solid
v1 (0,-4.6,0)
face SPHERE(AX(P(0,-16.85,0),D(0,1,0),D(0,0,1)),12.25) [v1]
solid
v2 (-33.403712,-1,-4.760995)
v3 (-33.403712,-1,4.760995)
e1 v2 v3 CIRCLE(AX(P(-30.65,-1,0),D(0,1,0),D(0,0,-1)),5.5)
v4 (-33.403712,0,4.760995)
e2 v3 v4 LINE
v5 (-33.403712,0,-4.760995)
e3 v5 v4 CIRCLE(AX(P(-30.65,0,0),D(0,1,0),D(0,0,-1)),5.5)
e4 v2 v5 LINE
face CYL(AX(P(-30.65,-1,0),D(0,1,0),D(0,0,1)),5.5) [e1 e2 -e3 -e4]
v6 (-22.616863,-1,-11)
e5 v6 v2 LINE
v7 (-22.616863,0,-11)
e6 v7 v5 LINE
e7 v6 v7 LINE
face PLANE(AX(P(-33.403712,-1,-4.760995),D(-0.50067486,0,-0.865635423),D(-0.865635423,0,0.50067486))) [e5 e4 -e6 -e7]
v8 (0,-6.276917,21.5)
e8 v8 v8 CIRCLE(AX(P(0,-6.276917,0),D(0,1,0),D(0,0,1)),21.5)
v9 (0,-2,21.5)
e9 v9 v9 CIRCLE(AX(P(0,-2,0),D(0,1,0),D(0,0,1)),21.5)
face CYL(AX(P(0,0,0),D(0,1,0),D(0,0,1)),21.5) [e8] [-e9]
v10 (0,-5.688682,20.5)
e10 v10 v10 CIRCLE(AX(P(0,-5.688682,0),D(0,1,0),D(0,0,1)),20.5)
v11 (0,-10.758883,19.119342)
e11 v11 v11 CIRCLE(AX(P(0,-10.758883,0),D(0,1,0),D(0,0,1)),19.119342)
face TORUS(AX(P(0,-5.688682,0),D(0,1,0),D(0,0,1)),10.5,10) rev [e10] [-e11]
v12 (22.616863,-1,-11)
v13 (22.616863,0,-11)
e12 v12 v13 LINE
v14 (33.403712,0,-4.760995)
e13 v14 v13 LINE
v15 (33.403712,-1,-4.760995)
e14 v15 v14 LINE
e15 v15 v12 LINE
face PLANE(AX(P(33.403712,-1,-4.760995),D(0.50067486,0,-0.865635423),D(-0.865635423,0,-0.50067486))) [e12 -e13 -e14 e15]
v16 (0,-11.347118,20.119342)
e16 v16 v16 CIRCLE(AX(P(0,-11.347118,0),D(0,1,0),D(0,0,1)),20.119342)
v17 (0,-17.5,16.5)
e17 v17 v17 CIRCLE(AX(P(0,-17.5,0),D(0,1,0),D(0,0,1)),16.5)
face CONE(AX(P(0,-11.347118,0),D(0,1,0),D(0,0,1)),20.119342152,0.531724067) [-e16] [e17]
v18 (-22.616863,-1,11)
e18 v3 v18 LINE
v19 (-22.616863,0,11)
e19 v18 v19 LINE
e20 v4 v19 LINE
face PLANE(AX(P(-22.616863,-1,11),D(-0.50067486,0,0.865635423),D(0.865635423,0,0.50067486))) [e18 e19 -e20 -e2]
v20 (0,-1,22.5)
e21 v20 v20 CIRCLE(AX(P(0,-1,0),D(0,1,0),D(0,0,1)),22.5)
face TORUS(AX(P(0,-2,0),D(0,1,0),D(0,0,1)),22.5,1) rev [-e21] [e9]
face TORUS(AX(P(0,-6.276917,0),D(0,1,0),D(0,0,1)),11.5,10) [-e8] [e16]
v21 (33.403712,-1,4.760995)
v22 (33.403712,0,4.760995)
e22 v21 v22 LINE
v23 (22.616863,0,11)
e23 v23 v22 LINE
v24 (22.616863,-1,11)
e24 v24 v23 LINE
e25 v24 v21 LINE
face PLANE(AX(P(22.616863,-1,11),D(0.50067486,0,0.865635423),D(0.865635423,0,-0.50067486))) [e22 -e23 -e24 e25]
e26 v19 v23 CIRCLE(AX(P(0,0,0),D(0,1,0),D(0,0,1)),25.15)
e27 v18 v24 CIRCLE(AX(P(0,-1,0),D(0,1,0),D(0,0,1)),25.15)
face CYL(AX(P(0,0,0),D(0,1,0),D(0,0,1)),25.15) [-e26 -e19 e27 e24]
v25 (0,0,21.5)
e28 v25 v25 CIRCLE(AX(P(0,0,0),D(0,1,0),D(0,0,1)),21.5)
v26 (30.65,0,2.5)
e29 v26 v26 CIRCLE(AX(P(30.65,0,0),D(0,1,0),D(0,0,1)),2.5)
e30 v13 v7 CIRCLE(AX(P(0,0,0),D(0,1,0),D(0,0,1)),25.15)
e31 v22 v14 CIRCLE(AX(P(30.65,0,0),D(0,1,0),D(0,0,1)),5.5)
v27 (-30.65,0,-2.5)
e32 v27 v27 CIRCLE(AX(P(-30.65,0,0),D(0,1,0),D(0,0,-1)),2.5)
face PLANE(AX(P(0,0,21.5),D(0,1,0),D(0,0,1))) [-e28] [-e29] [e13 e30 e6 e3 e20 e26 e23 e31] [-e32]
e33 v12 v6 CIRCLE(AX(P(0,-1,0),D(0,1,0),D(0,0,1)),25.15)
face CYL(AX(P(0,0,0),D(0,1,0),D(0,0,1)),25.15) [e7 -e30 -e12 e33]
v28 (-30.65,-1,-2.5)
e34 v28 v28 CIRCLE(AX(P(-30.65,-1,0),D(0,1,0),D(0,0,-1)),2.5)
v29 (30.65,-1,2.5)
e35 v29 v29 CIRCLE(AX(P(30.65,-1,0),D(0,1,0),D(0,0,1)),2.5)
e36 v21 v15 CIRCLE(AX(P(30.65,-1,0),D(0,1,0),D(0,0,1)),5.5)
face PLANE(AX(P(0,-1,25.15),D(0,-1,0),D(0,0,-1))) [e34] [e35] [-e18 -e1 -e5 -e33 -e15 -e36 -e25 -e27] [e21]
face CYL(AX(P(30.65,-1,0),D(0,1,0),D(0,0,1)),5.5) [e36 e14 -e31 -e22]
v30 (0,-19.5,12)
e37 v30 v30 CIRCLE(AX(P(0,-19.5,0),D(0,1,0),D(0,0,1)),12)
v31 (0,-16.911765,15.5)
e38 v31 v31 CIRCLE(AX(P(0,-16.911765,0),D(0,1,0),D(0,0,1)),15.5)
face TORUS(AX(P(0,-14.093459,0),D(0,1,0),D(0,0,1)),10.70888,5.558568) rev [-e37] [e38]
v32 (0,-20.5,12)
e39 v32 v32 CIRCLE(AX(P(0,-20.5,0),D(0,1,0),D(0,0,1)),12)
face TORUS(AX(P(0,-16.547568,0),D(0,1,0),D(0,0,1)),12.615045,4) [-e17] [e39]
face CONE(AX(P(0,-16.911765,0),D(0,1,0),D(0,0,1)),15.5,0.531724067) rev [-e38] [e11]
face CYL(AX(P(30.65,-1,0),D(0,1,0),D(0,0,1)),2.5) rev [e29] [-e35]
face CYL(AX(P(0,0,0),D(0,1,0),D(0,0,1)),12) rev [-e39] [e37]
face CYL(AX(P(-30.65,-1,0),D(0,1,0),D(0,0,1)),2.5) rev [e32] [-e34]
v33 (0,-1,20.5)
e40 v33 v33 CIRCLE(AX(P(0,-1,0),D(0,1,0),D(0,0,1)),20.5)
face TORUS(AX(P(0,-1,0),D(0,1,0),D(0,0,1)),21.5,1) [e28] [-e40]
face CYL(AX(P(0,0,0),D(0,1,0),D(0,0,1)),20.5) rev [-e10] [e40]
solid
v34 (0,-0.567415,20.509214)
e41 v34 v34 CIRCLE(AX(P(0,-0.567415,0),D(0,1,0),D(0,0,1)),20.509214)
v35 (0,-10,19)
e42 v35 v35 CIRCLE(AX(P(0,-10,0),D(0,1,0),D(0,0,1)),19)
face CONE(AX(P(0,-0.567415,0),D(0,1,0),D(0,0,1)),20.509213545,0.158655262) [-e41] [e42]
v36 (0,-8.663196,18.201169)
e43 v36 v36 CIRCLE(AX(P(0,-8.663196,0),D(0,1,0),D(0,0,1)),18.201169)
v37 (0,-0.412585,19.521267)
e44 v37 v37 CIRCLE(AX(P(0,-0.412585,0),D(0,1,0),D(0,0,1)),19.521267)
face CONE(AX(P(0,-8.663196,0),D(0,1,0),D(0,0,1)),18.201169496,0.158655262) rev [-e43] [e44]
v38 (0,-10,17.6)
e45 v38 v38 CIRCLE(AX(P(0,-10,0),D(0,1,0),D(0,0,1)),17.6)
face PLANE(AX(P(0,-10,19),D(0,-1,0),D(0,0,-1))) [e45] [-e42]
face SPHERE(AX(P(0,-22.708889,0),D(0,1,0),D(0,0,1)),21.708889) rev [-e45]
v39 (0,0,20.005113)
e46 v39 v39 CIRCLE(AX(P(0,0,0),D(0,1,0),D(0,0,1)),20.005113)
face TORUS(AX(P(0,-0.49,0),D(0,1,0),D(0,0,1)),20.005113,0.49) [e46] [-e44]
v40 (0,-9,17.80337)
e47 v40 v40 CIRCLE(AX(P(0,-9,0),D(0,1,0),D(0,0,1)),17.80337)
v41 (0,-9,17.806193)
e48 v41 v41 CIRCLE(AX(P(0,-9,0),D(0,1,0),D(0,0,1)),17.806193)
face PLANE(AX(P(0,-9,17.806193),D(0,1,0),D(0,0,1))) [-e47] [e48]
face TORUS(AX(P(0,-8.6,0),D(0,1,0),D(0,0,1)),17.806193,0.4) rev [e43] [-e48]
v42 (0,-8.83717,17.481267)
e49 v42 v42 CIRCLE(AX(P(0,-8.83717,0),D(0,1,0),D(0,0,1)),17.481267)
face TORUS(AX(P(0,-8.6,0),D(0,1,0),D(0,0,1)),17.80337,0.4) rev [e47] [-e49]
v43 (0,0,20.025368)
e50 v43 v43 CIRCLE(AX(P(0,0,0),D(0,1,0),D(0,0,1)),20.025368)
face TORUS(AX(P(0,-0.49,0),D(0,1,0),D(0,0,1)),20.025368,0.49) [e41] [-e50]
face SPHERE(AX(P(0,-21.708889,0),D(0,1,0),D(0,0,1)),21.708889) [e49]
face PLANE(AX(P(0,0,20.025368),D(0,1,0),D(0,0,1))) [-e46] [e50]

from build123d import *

# Parameters (mm, degrees)
CROQUIS2_R              = 2.5
SALIENTE_EXTRUIR1_DEPTH = 1


with BuildPart() as part:
    # Croquis1 → Revolución1 (revolve)
    with BuildSketch(Plane(origin=(0, 0, 0), x_dir=(0, 0, -1), z_dir=(1, 0, 0))):
        with BuildLine():
            Line((-25.15, -1), (-22.5, -1))
            ThreePointArc((-22.5, -1), (-21.792893219, -1.292893219), (-21.5, -2))
            Line((-21.5, -2), (-21.5, -6.276917077))
            ThreePointArc((-21.5, -6.276917077), (-21.148663677, -8.904328206), (-20.119342152, -11.347118342))
            Line((-20.119342152, -11.347118342), (-16.5, -17.5))
            ThreePointArc((-16.5, -17.5), (-14.833846069, -19.875769103), (-12, -20.5))
            Line((-12, -20.5), (-12, -19.5))
            ThreePointArc((-12, -19.5), (-14.013899124, -18.562745942), (-15.5, -16.911764706))
            Line((-15.5, -16.911764706), (-19.119342152, -10.758883048))
            ThreePointArc((-19.119342152, -10.758883048), (-20.148663677, -8.316092912), (-20.5, -5.688681783))
            Line((-20.5, -5.688681783), (-20.5, -1))
            ThreePointArc((-20.5, -1), (-20.792893219, -0.292893219), (-21.5, 0))
            Line((-21.5, 0), (-25.15, 0))
            Line((-25.15, 0), (-25.15, -1))
        make_face()
    revolve(axis=Axis((0, 0, 0), (0, -1, 0)))

    # Croquis2 → Saliente-Extruir1 (add)
    with BuildSketch(Plane(origin=(0, 0, 0), x_dir=(1, 0, 0), z_dir=(0, 1, 0))):
        with BuildLine():
            Line((33.403711727, 4.760994825), (22.616863178, 11))
            ThreePointArc((22.616863178, 11), (25.15, 0), (22.616863178, -11))
            Line((22.616863178, -11), (33.403711727, -4.760994825))
            ThreePointArc((33.403711727, -4.760994825), (36.15, 0), (33.403711727, 4.760994825))
        make_face()
        with Locations((30.65, 0)):
            Circle(CROQUIS2_R, mode=Mode.SUBTRACT)
        with BuildLine():
            Line((-22.616863178, -11), (-33.403711727, -4.760994825))
            ThreePointArc((-33.403711727, -4.760994825), (-36.15, 0), (-33.403711727, 4.760994825))
            Line((-33.403711727, 4.760994825), (-22.616863178, 11))
            ThreePointArc((-22.616863178, 11), (-25.15, 0), (-22.616863178, -11))
        make_face()
        with Locations((-30.65, 0)):
            Circle(CROQUIS2_R, mode=Mode.SUBTRACT)
    extrude(amount=-SALIENTE_EXTRUIR1_DEPTH)


with BuildPart() as body_2:
    # Croquis3 → Revolución2 (revolve)
    with BuildSketch(Plane(origin=(0, 0, 0), x_dir=(0, 0, -1), z_dir=(1, 0, 0))):
        with BuildLine():
            Line((-20.509213545, -0.567415346), (-19, -10))
            Line((-19, -10), (-17.6, -10))
            ThreePointArc((-17.6, -10), (-9.88382517, -3.380519667), (0, -1))
            Line((0, -1), (0, 0))
            ThreePointArc((0, 0), (-9.794006641, -2.334852379), (-17.481267072, -8.837169565))
            ThreePointArc((-17.481267072, -8.837169565), (-17.622909704, -8.956978869), (-17.803370467, -9))
            Line((-17.803370467, -9), (-17.806193243, -9))
            ThreePointArc((-17.806193243, -9), (-18.065732758, -8.90436695), (-18.201169496, -8.6631962))
            Line((-18.201169496, -8.6631962), (-19.521267343, -0.412584654))
            ThreePointArc((-19.521267343, -0.412584654), (-19.687177347, -0.117150487), (-20.005113253, 0))
            Line((-20.005113253, 0), (-20.025367635, 0))
            ThreePointArc((-20.025367635, 0), (-20.398217148, -0.172064094), (-20.509213545, -0.567415346))
        make_face()
    revolve(axis=Axis((0, 0, 0), (0, -1, 0)))


with BuildPart() as body_3:
    # Croquis4 → Revolución3 (revolve)
    with BuildSketch(Plane(origin=(0, 0, 0), x_dir=(0, 0, -1), z_dir=(1, 0, 0))):
        with BuildLine():
            Line((0, -4.6), (0, -29.1))
            ThreePointArc((0, -29.1), (12.25, -16.85), (0, -4.6))
        make_face()
    revolve(axis=Axis((0, -4.6, 0), (0, -1, 0)))


solid = Compound([part.part, body_2.part, body_3.part])
